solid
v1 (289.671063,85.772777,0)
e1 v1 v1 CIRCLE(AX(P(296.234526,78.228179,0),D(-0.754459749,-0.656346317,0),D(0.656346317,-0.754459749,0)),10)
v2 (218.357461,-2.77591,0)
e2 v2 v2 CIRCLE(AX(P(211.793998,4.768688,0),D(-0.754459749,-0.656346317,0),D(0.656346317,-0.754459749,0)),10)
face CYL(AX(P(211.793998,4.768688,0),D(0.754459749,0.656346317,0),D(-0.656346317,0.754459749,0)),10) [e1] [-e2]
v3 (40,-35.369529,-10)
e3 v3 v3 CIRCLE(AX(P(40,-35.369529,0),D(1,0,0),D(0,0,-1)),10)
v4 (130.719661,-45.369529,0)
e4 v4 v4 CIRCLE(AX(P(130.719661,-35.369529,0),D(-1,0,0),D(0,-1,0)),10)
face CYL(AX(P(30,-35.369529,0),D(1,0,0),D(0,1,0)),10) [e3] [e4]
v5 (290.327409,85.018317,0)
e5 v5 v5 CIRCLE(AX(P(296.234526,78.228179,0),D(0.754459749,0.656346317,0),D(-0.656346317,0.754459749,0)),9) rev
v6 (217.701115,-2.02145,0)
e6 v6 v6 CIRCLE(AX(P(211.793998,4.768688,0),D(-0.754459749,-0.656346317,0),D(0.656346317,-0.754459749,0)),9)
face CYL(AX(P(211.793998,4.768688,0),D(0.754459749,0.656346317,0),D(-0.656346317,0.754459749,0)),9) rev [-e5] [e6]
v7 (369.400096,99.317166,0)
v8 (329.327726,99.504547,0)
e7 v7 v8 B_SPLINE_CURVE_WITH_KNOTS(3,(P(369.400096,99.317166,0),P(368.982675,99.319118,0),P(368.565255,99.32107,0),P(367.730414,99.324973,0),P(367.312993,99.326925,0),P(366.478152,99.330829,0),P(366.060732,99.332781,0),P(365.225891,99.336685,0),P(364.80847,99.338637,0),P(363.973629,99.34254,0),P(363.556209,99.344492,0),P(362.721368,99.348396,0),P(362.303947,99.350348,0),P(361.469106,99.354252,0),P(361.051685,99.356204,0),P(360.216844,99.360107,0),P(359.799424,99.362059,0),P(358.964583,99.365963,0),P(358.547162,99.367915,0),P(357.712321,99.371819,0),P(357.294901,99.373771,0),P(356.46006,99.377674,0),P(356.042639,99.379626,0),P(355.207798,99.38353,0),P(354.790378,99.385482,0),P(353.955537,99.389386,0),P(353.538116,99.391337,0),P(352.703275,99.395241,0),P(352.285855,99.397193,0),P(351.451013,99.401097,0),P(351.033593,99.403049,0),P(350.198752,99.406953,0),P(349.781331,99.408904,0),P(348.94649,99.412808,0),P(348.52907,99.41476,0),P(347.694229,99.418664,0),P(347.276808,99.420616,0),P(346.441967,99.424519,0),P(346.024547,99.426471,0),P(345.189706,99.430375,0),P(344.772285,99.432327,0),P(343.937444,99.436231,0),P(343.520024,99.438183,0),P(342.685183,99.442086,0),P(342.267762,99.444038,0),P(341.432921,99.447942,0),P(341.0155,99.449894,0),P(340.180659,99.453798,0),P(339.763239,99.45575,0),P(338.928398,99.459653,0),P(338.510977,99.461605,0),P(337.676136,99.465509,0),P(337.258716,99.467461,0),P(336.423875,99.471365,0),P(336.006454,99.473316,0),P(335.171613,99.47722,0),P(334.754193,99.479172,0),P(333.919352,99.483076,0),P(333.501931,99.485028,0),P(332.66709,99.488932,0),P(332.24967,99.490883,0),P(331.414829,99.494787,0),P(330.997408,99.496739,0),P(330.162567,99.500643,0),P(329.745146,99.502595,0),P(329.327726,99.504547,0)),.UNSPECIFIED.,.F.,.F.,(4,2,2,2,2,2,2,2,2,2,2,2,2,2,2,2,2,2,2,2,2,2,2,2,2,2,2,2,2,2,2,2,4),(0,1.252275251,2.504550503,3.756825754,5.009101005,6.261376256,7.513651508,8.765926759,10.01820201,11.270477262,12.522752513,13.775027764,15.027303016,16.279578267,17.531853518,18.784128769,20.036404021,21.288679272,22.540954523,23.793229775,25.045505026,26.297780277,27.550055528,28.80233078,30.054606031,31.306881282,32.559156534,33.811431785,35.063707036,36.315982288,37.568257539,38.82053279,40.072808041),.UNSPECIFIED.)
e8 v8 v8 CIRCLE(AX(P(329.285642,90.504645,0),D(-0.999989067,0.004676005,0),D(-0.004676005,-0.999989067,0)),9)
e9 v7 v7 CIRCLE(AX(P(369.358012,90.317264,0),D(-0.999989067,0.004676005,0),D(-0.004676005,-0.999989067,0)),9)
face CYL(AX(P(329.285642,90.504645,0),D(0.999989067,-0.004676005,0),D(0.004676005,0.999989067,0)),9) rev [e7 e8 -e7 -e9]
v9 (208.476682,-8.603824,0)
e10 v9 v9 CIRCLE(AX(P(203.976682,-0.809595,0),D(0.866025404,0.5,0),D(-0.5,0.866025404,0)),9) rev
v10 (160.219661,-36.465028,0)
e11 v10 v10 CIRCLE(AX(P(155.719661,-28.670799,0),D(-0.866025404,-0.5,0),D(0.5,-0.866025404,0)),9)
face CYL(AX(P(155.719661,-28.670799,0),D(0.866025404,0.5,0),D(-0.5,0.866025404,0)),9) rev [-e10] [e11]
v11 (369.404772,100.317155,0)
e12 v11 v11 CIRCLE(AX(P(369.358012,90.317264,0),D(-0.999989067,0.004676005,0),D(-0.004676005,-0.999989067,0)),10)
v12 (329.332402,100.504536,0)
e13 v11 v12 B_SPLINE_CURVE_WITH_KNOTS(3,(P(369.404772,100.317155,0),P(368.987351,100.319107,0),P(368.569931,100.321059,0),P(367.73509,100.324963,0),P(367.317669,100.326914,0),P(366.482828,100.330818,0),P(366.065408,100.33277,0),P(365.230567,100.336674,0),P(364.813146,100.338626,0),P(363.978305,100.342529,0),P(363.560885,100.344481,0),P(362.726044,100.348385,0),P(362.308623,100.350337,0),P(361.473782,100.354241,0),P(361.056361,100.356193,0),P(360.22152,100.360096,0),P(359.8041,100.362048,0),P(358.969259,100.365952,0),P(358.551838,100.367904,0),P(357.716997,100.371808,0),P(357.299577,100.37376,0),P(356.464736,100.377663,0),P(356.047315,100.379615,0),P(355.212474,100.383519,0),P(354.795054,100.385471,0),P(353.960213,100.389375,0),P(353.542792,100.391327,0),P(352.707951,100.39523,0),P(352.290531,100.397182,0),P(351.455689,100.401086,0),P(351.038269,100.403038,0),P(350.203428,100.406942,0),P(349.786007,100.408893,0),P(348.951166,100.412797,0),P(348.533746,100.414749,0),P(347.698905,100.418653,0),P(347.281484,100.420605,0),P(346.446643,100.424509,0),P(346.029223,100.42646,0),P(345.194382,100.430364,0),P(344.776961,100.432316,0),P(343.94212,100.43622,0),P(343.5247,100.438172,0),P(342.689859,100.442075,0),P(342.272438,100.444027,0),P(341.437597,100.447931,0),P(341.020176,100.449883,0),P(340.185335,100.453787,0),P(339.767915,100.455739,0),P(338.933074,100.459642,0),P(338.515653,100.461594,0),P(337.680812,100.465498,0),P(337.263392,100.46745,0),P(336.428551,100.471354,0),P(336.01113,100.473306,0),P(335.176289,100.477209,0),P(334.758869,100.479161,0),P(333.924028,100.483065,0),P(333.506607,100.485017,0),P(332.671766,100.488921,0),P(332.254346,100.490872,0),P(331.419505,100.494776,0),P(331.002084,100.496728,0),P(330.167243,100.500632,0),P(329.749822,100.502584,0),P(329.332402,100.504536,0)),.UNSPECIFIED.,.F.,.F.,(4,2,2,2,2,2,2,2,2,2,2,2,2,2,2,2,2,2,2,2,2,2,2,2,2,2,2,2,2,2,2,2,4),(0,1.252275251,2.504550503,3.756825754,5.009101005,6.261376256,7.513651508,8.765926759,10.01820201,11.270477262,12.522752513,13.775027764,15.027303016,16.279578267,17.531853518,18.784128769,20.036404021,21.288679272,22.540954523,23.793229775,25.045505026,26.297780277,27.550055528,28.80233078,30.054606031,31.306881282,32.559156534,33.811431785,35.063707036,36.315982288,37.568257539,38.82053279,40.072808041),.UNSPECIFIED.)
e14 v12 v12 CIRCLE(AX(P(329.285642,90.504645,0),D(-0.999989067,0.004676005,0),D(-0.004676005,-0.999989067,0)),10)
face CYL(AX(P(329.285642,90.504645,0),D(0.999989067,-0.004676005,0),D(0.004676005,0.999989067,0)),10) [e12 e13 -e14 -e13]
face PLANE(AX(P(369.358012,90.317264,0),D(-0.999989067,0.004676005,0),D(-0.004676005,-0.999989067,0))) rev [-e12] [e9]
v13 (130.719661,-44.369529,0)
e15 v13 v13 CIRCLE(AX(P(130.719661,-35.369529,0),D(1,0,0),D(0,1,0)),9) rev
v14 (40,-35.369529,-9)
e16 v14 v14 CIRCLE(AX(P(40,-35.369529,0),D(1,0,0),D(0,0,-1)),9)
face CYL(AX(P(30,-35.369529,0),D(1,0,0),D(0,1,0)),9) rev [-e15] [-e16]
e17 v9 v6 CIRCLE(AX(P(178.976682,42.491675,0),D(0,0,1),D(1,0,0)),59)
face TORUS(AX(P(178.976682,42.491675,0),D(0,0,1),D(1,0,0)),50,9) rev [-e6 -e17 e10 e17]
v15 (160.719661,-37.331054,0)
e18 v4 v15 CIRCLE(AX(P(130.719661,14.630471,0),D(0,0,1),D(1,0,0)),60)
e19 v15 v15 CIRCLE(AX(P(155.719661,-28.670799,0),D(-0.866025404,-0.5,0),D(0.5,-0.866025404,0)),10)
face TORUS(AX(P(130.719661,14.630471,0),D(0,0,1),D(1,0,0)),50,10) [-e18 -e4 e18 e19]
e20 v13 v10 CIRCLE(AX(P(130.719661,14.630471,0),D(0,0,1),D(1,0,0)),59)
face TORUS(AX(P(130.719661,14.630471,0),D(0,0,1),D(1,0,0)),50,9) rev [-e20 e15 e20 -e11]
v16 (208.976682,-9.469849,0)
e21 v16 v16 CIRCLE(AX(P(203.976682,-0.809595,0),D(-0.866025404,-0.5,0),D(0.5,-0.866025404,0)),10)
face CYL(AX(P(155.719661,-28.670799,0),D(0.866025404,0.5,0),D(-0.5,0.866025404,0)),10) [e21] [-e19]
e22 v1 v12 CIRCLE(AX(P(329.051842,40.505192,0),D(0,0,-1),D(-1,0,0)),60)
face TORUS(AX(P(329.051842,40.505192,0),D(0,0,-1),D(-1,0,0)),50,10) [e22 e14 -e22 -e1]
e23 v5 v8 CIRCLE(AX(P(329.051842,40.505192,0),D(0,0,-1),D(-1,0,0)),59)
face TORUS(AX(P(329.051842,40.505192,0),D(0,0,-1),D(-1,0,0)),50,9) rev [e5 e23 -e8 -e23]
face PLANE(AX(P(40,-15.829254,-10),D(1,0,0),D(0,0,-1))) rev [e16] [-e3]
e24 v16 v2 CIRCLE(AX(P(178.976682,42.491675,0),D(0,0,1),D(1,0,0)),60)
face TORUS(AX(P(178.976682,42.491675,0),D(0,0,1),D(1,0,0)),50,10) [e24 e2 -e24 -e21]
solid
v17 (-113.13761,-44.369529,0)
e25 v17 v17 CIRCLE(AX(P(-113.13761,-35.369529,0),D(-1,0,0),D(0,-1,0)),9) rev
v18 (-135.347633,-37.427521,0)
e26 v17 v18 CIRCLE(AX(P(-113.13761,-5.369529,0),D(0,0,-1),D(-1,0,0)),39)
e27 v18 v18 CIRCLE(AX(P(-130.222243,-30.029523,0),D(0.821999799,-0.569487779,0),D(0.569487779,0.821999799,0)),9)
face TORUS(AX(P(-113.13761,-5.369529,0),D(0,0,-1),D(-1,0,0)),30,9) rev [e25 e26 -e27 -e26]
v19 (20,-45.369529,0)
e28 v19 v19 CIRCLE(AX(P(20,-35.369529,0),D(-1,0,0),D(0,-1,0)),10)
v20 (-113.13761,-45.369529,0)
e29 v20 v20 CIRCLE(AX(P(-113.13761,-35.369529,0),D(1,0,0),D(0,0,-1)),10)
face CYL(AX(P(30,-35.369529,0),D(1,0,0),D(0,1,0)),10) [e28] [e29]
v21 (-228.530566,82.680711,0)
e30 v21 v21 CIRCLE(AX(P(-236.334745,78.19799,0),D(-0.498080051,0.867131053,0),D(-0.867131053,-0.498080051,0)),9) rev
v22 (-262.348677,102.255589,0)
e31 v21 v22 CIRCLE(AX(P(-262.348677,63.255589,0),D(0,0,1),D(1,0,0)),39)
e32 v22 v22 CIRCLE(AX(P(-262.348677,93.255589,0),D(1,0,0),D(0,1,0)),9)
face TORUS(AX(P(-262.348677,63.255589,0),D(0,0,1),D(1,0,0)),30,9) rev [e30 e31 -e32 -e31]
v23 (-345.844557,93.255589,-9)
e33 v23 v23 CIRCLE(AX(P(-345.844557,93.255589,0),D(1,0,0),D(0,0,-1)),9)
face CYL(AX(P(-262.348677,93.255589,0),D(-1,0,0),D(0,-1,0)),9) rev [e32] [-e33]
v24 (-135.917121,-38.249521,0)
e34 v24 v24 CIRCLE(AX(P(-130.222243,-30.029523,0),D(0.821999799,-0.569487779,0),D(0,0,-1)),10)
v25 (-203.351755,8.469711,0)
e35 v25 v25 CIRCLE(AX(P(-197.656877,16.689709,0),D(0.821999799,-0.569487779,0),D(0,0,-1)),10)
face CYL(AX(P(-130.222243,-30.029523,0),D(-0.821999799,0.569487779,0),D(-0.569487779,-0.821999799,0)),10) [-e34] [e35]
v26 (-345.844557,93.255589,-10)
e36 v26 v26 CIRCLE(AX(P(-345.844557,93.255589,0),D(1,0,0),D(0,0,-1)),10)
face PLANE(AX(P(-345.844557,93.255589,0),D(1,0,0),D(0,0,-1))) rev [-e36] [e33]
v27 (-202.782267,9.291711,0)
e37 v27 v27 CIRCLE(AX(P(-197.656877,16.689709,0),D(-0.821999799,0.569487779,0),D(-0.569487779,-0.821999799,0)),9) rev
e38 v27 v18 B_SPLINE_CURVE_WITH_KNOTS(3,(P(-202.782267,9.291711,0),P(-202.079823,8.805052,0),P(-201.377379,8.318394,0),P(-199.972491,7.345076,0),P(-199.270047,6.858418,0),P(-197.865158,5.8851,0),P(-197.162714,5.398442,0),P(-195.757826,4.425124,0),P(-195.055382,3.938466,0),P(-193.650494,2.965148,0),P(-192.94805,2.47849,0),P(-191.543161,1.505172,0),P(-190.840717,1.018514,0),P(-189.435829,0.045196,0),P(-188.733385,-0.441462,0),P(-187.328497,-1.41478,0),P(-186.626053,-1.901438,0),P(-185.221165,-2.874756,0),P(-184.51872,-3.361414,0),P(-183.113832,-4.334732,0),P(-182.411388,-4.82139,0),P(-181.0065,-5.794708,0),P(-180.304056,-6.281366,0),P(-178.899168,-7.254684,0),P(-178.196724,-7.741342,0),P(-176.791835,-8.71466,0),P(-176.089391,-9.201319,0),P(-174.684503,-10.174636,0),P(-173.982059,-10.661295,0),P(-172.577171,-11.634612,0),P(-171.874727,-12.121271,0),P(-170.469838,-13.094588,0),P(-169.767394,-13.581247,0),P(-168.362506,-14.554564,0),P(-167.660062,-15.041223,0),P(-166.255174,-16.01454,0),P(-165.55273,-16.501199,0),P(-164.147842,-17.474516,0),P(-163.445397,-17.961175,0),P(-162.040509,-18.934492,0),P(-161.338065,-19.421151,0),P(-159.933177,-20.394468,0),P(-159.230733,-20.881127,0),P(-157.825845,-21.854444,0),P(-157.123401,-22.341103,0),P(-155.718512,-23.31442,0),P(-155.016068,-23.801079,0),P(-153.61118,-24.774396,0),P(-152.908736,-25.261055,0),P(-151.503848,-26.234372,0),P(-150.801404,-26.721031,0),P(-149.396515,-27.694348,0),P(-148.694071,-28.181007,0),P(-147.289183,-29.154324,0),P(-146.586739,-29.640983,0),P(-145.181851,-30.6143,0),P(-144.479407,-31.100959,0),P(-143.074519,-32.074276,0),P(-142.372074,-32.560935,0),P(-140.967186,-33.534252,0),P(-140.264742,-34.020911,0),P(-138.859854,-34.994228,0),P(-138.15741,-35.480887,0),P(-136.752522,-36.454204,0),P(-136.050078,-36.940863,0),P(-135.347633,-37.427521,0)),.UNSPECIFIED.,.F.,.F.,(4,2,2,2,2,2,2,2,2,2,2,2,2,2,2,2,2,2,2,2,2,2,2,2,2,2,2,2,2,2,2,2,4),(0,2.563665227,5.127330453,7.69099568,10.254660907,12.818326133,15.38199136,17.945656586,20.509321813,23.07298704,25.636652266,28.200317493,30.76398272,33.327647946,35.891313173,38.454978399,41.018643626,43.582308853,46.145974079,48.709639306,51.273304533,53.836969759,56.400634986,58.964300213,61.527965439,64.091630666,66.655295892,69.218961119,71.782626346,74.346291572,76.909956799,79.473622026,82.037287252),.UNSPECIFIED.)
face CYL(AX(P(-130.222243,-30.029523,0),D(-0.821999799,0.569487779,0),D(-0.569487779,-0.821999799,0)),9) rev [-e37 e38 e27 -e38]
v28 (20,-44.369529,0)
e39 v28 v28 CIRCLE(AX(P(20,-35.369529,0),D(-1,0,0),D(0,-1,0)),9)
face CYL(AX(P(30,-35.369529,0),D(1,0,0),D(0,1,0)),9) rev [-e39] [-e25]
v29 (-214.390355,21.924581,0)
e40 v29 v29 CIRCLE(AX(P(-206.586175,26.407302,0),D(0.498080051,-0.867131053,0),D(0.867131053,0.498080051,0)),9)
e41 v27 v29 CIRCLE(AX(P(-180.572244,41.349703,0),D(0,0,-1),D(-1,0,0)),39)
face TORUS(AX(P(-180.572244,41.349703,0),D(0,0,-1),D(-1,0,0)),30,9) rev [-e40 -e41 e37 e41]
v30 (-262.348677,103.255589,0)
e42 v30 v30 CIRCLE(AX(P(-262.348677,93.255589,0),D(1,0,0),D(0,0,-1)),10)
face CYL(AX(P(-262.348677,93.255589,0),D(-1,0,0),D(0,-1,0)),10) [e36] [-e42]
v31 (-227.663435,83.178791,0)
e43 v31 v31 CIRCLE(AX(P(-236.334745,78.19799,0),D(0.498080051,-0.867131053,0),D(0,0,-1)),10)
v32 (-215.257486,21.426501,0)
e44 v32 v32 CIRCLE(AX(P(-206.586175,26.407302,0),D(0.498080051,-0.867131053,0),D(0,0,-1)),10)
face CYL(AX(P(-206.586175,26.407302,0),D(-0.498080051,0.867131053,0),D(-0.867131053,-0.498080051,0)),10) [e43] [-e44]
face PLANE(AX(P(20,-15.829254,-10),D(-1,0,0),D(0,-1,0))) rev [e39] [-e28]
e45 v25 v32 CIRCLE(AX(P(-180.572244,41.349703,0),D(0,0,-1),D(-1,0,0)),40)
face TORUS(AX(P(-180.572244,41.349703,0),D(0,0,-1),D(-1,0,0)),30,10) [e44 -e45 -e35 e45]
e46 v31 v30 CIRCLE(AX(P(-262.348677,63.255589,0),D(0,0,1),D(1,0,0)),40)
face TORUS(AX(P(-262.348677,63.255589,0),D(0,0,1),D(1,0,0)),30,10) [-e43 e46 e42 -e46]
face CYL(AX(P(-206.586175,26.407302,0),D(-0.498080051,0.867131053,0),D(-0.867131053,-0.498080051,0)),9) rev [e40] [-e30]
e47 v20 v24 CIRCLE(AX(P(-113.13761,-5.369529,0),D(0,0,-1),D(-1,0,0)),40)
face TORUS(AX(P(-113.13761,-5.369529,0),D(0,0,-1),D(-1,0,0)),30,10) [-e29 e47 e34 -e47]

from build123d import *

# Parameters (mm, degrees)
SWEEP_THIN1_PROFILE_R   = 10
SWEEP_THIN1_PROFILE_R_2 = 9
SWEEP_THIN2_PROFILE_R   = 10
SWEEP_THIN2_PROFILE_R_2 = 9
CUT_EXTRUDE1_DEPTH      = 384.694672997
CUT_EXTRUDE1_DEPTH_BACK = 384.694672997
SKETCH39_W              = 20
SKETCH39_H              = 36.605565214


with BuildPart() as part:
    # Sweep-Thin1: sweep along a path in Sketch1
    with BuildLine(Plane.XY) as sweep_thin1_path:
        Line((30, -35.369529303), (130.719660545, -35.369529303))
        ThreePointArc((130.719660545, -35.369529303), (143.6606128, -33.665820618), (155.719660545, -28.670799492))
        Line((155.719660545, -28.670799492), (203.976681986, -0.809595173))
        ThreePointArc((203.976681986, -0.809595173), (208.019578053, 1.791427007), (211.793997814, 4.76868757))
        Line((211.793997814, 4.76868757), (296.234525798, 78.228179065))
        ThreePointArc((296.234525798, 78.228179065), (311.642095044, 87.37629918), (329.285641858, 90.50464499))
        Line((329.285641858, 90.50464499), (369.358011801, 90.317264354))
    # Sweep-Thin1 profile (on start of the path) → Sweep-Thin1 (sweep)
    with BuildSketch(Plane(origin=(30, -35.369529303, 0), x_dir=(0, 1, 0), z_dir=(1, 0, 0))):
        Circle(SWEEP_THIN1_PROFILE_R)
        Circle(SWEEP_THIN1_PROFILE_R_2, mode=Mode.SUBTRACT)
    sweep(path=sweep_thin1_path.line)

    # Sweep-Thin2: sweep along a path in Sketch2
    with BuildLine(Plane.XY) as sweep_thin2_path:
        Line((30, -35.369529303), (-113.137610077, -35.369529303))
        ThreePointArc((-113.137610077, -35.369529303), (-122.08747546, -34.003423722), (-130.222243441, -30.029523278))
        Line((-130.222243441, -30.029523278), (-197.656877086, 16.689709216))
        ThreePointArc((-197.656877086, 16.689709216), (-202.662501205, 21.051414486), (-206.586175299, 26.407301647))
        Line((-206.586175299, 26.407301647), (-236.334745336, 78.197990256))
        ThreePointArc((-236.334745336, 78.197990256), (-247.319905279, 89.219718259), (-262.348676913, 93.255588711))
        Line((-262.348676913, 93.255588711), (-345.844557131, 93.255588711))
    # Sweep-Thin2 profile (on start of the path) → Sweep-Thin2 (sweep)
    with BuildSketch(Plane(origin=(30, -35.369529303, 0), x_dir=(0, -1, 0), z_dir=(-1, 0, 0))):
        Circle(SWEEP_THIN2_PROFILE_R)
        Circle(SWEEP_THIN2_PROFILE_R_2, mode=Mode.SUBTRACT)
    sweep(path=sweep_thin2_path.line)

    # Sketch39 → Cut-Extrude1 (cut, two sides: drawn at the far end of the back side and taken through both)
    with BuildSketch(Plane.XY.offset(-CUT_EXTRUDE1_DEPTH_BACK)):
        with Locations((30, -34.132036297)):
            Rectangle(SKETCH39_W, SKETCH39_H)
    extrude(amount=CUT_EXTRUDE1_DEPTH + CUT_EXTRUDE1_DEPTH_BACK, mode=Mode.SUBTRACT)


with BuildPart() as cut_extrude1_piece_1:
    # of the separate pieces the step leaves, piece 1, a body of its own (cut_extrude1_pieces)
    add(part.part.solids().sort_by_distance((20, -45.369529303, 0))[0])


with BuildPart() as cut_extrude1_piece_2:
    # of the separate pieces the step leaves, piece 2, a body of its own (cut_extrude1_pieces)
    add(part.part.solids().sort_by_distance((40, -25.369529303, 0))[0])


solid = Compound([cut_extrude1_piece_1.part, cut_extrude1_piece_2.part])
